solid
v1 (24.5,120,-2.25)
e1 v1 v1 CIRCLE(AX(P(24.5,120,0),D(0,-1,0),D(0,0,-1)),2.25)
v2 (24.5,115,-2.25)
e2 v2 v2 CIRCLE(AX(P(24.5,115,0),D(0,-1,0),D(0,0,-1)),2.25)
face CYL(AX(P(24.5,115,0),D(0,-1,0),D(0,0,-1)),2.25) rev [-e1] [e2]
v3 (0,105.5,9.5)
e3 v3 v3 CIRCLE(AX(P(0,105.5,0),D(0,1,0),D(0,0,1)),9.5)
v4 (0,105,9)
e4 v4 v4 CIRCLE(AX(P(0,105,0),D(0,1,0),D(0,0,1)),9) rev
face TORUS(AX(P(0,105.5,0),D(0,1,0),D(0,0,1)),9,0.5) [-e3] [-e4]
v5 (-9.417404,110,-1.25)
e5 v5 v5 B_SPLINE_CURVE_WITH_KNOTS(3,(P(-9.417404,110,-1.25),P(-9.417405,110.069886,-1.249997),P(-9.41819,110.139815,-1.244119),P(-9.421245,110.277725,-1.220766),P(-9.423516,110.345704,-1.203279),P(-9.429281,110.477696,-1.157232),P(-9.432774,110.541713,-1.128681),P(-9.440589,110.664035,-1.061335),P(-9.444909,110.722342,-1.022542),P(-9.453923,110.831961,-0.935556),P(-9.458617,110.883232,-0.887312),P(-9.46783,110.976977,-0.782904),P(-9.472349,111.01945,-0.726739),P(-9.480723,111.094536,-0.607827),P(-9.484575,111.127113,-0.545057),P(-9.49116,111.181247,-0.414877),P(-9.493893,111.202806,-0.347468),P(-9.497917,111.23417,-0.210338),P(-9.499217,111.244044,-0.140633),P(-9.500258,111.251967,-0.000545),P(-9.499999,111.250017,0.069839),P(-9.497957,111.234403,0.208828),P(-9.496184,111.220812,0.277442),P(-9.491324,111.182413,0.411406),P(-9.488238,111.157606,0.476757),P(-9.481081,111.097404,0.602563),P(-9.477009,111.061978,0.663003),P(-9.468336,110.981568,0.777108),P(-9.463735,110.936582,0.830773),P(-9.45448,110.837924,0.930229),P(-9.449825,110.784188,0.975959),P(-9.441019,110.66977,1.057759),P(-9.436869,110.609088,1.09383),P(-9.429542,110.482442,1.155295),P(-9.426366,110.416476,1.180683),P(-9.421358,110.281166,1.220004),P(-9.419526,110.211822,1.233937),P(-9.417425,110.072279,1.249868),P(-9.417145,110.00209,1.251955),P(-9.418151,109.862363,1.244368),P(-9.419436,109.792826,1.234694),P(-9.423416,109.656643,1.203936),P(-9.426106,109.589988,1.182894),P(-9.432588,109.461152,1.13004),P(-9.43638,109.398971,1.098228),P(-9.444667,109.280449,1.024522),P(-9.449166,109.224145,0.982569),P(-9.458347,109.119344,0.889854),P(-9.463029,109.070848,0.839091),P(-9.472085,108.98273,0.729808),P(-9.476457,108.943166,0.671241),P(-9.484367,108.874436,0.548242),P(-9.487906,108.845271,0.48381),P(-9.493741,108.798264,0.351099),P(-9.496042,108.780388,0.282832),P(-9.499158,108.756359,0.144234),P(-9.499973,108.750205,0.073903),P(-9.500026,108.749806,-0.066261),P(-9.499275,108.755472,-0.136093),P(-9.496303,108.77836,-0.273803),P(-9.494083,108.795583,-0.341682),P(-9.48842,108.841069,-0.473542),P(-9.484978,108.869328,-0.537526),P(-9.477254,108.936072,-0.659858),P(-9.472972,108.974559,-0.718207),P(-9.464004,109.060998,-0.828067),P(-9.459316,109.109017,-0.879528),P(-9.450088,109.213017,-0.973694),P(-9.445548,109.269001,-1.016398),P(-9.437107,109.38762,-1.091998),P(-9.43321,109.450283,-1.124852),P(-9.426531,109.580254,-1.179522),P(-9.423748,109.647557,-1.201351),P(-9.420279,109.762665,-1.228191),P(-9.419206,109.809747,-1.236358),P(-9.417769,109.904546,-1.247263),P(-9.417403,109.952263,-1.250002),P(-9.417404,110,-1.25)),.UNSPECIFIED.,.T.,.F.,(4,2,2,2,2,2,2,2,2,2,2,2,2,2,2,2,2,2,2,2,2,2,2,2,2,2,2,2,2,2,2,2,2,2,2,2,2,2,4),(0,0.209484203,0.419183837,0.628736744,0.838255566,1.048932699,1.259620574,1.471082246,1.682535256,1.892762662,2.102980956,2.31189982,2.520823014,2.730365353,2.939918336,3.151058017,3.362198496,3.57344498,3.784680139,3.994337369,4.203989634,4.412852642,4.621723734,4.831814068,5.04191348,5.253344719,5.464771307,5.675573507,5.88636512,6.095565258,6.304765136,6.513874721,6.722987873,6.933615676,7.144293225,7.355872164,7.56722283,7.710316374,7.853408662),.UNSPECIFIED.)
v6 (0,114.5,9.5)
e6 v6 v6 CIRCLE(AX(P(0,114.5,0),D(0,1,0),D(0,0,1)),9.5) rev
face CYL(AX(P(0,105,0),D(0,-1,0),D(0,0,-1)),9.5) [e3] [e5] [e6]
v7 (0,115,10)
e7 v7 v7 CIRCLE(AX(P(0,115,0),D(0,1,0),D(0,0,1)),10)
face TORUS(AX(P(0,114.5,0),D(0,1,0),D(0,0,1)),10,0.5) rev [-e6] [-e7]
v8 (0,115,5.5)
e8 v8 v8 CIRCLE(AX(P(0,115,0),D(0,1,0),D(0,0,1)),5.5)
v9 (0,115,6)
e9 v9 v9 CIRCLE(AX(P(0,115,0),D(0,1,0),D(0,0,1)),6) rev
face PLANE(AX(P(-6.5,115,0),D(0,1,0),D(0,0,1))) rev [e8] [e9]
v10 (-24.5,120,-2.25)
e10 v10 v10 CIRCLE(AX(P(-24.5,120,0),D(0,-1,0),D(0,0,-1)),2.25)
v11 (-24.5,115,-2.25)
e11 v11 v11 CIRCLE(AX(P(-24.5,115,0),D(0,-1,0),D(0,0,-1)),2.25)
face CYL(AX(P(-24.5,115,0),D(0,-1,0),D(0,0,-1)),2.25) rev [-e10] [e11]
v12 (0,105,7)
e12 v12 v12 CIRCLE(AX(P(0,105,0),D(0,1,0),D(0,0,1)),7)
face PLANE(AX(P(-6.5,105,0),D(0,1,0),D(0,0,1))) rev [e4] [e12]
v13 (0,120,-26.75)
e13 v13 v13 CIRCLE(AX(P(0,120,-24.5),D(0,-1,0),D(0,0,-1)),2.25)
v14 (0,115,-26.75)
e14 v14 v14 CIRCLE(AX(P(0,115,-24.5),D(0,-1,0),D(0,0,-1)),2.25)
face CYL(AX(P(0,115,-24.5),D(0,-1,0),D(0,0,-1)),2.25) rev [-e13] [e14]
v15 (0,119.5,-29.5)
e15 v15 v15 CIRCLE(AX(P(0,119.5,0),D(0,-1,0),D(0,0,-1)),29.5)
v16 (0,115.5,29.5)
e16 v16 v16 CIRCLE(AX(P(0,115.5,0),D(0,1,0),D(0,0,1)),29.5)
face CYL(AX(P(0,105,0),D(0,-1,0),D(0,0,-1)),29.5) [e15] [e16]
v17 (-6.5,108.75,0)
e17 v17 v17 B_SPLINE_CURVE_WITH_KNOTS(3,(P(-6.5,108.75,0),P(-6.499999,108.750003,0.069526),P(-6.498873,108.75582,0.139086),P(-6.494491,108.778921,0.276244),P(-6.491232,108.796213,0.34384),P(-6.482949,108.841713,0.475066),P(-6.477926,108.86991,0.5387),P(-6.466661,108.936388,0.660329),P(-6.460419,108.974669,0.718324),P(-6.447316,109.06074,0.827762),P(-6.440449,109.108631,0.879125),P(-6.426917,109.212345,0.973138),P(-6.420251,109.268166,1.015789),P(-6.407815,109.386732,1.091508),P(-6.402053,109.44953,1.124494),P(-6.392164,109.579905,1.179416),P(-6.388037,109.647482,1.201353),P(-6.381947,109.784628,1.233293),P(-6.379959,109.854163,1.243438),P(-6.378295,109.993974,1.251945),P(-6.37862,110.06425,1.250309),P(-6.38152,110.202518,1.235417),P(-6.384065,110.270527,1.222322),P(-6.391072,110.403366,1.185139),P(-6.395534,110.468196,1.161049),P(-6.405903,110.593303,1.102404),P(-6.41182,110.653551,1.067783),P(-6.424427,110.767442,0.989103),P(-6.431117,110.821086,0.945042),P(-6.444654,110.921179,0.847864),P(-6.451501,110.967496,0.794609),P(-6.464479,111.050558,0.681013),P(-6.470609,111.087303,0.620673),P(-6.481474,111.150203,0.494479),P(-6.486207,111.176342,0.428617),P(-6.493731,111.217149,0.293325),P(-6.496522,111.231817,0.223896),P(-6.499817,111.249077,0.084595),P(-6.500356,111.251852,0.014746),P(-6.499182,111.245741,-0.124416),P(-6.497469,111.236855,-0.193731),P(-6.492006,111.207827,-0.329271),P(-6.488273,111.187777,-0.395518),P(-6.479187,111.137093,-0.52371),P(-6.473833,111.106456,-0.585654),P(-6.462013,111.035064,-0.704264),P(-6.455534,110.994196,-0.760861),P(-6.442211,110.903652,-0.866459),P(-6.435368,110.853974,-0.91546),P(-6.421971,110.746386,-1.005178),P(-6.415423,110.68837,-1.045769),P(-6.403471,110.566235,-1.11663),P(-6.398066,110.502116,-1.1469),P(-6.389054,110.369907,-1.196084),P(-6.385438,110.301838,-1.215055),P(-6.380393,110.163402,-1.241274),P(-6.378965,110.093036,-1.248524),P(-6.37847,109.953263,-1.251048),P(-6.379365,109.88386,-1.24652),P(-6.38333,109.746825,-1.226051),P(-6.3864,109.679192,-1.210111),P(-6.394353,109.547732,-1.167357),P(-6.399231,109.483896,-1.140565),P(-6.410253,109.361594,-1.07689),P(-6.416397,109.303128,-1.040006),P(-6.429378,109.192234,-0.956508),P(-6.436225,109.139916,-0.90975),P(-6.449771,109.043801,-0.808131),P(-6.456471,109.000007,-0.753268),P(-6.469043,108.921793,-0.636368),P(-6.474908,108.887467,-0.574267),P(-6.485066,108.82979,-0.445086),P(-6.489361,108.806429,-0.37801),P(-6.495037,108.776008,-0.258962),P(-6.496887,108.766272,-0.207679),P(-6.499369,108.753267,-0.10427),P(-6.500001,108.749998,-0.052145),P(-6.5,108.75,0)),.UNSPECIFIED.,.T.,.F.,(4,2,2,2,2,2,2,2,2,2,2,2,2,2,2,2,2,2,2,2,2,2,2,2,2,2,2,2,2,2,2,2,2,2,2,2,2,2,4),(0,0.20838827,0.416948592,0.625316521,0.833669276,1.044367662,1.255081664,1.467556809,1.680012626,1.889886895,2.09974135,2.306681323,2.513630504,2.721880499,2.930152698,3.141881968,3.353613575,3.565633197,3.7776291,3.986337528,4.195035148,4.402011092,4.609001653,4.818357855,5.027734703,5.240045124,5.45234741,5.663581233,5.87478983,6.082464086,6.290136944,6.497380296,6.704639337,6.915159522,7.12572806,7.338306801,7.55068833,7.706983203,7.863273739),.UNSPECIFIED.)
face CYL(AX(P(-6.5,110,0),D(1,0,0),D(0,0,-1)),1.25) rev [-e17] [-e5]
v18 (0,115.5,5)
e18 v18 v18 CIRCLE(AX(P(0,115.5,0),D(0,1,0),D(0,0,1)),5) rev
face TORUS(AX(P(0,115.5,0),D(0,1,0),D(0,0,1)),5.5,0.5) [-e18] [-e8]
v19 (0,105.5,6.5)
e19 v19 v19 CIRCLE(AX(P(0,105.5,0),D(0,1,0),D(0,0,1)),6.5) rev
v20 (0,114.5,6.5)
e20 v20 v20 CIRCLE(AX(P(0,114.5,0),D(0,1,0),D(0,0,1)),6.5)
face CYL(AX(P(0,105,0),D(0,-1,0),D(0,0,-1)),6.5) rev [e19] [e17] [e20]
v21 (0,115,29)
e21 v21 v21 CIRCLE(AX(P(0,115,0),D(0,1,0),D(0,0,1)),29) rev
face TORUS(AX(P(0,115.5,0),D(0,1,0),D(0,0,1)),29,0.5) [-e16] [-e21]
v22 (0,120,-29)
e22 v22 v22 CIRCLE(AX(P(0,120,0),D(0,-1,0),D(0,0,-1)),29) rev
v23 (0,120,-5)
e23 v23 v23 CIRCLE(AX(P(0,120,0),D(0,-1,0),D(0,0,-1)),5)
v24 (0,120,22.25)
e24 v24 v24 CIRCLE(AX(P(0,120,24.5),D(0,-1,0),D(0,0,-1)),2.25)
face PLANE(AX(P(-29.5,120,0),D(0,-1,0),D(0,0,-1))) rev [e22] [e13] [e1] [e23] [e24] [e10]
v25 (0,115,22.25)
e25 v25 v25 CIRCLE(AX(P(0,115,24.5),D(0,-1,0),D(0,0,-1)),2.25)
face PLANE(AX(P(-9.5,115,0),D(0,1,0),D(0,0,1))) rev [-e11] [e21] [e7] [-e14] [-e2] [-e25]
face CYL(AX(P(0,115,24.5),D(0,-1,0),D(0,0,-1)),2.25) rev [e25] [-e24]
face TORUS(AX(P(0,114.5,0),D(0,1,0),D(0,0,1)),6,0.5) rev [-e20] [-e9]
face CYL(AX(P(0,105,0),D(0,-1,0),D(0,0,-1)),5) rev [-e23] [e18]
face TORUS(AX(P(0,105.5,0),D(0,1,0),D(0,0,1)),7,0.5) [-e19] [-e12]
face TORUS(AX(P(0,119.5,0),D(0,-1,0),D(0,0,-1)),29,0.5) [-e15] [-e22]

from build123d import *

# Parameters (mm, degrees)
HOLE_WIZARD_M4_1_D     = 4.5
HOLE_WIZARD_M4_1_DEPTH = 20
HOLE_WIZARD_M4_1_TIP   = 1.351936393
FILLET_1_R             = 0.5
FILLET_2_R             = 0.5
HOLE_WIZARD_M3_1_D     = 2.5
HOLE_WIZARD_M3_1_DEPTH = 8.5
HOLE_WIZARD_M3_1_TIP   = 0.751075774


with BuildPart() as part:
    # 草图1 → 旋转1 (revolve)
    with BuildSketch(Plane.XY, mode=Mode.PRIVATE) as revolve_1_sk:
        Polygon((-6.5, 115), (-6.5, 105), (-9.5, 105), (-9.5, 115), (-29.5, 115), (-29.5, 120), (-5, 120), (-5, 115), align=None)
    revolve(revolve_1_sk.sketch.rotate(Axis((0, 105, 0), (0, 1, 0)), 270), axis=Axis((0, 105, 0), (0, 1, 0)))

    # M4 间隙孔1
    with Locations(Plane(origin=(-24.5, 115, 0), x_dir=(0, 0, -1), z_dir=(0, -1, 0))):
        with Locations((0, 0), (-24.5, 24.5), (0, 49), (24.5, 24.5)):
            Hole(HOLE_WIZARD_M4_1_D / 2, depth=HOLE_WIZARD_M4_1_DEPTH)
            with Locations((0, 0, -(HOLE_WIZARD_M4_1_DEPTH + HOLE_WIZARD_M4_1_TIP / 2))):  # 118° drill point
                Cone(0, HOLE_WIZARD_M4_1_D / 2, HOLE_WIZARD_M4_1_TIP, mode=Mode.SUBTRACT)

    # 圆角1
    fillet_1_edges = [part.edges().sort_by_distance(p)[0] for p in [
        (0, 105, 9.5),
        (0, 115, 9.5),
        (0, 115, 29.5),
        (0, 120, 29.5),
        (0, 115, 5),
    ]]
    fillet(fillet_1_edges, radius=FILLET_1_R)

    # 圆角2
    fillet_2_edges = [part.edges().sort_by_distance(p)[0] for p in [
        (0, 115, 6.5),
        (0, 105, 6.5),
    ]]
    fillet(fillet_2_edges, radius=FILLET_2_R)

    # M3 螺纹孔1
    with Locations(Plane(origin=(-6.5, 110, 0), x_dir=(0, 0, 1), z_dir=(1, 0, 0))):
        with Locations((0, 0)):
            Hole(HOLE_WIZARD_M3_1_D / 2, depth=HOLE_WIZARD_M3_1_DEPTH)
            with Locations((0, 0, -(HOLE_WIZARD_M3_1_DEPTH + HOLE_WIZARD_M3_1_TIP / 2))):  # 118° drill point
                Cone(0, HOLE_WIZARD_M3_1_D / 2, HOLE_WIZARD_M3_1_TIP, mode=Mode.SUBTRACT)


solid = part.part
